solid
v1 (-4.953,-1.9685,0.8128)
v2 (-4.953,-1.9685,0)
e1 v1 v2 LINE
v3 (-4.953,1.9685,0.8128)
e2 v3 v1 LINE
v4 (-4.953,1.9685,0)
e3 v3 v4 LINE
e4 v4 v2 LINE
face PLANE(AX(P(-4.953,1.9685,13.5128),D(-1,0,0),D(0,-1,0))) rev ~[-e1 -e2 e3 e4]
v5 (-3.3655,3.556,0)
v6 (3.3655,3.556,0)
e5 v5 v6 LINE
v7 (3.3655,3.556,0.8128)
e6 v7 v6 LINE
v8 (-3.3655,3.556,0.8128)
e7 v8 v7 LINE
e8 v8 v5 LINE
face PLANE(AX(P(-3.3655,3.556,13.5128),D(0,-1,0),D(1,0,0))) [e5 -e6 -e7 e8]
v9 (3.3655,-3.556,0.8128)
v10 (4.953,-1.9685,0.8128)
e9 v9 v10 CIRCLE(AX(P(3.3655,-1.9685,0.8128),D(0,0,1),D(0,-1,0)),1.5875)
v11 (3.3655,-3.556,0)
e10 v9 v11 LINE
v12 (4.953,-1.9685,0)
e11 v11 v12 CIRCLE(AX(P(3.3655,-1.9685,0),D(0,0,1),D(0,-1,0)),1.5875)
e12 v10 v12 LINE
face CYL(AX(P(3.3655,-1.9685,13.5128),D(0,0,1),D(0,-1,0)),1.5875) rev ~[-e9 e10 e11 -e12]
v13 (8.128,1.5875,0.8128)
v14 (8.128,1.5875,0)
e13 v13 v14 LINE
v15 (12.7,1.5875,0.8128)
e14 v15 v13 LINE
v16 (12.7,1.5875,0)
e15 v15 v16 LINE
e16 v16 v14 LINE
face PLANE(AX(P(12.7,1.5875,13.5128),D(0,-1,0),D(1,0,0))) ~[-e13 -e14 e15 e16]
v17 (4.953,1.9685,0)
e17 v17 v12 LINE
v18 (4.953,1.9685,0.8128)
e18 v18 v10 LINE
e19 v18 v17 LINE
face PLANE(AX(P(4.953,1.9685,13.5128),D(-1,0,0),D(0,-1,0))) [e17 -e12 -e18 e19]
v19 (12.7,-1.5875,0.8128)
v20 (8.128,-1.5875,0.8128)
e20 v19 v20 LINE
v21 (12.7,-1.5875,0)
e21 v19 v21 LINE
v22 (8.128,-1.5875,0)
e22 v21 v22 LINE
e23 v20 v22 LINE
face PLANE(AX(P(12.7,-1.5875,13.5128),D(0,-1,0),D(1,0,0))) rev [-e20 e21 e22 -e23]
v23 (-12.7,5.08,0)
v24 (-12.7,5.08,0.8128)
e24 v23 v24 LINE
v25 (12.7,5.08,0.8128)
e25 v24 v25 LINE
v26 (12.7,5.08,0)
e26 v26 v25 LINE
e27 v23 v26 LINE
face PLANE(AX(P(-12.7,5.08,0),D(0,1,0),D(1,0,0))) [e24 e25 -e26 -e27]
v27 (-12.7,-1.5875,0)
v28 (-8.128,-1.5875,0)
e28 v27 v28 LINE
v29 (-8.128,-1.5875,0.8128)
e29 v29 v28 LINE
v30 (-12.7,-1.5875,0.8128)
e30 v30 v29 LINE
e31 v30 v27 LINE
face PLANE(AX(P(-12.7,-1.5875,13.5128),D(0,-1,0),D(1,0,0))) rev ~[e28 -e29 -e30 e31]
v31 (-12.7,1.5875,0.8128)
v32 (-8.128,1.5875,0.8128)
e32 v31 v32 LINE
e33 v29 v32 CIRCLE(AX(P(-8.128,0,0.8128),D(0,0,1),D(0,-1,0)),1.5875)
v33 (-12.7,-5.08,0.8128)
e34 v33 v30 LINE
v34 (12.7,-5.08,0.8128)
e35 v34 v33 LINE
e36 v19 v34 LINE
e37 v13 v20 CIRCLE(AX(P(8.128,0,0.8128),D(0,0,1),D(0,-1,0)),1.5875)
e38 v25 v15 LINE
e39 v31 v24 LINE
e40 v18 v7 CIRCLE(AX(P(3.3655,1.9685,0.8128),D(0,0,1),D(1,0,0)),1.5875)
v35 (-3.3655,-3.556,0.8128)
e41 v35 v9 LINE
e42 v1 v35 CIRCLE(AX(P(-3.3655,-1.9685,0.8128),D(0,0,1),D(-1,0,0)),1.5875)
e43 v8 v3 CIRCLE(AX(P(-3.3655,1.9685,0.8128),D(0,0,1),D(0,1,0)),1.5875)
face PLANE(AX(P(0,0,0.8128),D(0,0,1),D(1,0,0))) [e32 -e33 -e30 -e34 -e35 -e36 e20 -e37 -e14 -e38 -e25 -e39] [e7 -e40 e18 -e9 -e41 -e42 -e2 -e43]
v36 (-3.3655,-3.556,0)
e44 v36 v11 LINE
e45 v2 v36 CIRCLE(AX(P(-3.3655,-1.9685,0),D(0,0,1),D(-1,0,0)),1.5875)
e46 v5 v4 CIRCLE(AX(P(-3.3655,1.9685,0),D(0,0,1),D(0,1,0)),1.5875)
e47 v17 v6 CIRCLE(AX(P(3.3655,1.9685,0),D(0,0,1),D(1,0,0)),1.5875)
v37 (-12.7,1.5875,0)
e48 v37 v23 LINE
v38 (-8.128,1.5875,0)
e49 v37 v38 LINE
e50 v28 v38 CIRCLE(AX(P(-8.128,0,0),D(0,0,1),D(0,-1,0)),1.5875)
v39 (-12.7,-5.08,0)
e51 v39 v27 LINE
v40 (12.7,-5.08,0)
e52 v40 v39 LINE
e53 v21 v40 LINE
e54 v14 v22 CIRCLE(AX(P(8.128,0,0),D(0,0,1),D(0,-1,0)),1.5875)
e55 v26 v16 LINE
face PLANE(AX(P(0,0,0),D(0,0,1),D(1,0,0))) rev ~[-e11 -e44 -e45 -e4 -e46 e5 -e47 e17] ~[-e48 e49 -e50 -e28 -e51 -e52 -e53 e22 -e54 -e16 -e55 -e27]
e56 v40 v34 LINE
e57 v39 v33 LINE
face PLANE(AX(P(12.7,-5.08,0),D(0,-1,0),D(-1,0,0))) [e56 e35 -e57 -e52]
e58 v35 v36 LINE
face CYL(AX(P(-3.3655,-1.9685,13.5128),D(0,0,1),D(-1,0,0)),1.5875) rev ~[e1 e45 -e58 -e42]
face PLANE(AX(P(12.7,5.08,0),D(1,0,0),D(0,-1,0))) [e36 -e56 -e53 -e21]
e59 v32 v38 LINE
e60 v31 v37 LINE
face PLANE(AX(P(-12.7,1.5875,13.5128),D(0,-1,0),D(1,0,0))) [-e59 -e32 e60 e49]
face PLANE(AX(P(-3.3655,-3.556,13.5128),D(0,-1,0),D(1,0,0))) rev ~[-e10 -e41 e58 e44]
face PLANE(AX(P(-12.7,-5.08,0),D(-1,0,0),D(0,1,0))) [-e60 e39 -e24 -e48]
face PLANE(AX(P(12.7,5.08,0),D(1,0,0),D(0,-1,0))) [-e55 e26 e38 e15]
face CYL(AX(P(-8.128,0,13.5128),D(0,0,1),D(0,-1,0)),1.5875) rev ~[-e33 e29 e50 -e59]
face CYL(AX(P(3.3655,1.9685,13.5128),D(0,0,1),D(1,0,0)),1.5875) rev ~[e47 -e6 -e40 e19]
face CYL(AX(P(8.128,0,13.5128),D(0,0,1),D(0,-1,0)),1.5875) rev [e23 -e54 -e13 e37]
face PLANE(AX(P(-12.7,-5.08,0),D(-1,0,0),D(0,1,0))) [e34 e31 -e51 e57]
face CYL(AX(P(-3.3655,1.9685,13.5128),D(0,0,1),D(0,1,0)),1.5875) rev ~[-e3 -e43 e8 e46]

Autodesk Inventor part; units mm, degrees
ref_plane "YZ Plane" through (0, 0, 0) normal (1, 0, 0) x (0, 1, 0)
ref_plane "XZ Plane" through (0, 0, 0) normal (0, 1, 0) x (-1, 0, 0)
sketch "Sketch1" plane through (0, 0, 0) normal (0, 0, 1) x (1, 0, 0)
  line L0 (-12.7, 5.08) -> (12.7, 5.08)
  line L1 (12.7, 5.08) -> (12.7, -5.08)
  line L2 (12.7, -5.08) -> (-12.7, -5.08)
  line L3 (-12.7, -5.08) -> (-12.7, 5.08)
  point P0 (0, 0)
  point P1 (0, 5.08)
  point P2 (-12.7, 0)
  dimension "d0" = 25.4
  dimension "d1" = 10.16
extrude "Extrusion1" add sketch "Sketch1" along normal blind 0.8128
ref_plane "Work Plane1" through (0, 0, 13.5128) normal (0, 0, 1) x (1, 0, 0)
sketch "Sketch2" plane through (0, 0, 13.5128) normal (0, 0, 1) x (1, 0, 0)
  line L0 (12.7, 5.08) -> (12.7, -5.08) projected
  line L1 (-12.7, 5.08) -> (12.7, 5.08) projected
  line L2 (-12.7, -5.08) -> (-12.7, 5.08) projected
  line L3 (12.7, -5.08) -> (-12.7, -5.08) projected
  line L4 (-3.3655, 3.556) -> (3.3655, 3.556)
  line L5 (-3.3655, -3.556) -> (3.3655, -3.556)
  line L6 (-4.953, 1.9685) -> (-4.953, -1.9685)
  line L7 (4.953, 1.9685) -> (4.953, -1.9685)
  arc A0 (-3.3655, 3.556) -> (-4.953, 1.9685) centre (-3.3655, 1.9685) ccw
  arc A1 (-4.953, -1.9685) -> (-3.3655, -3.556) centre (-3.3655, -1.9685) ccw
  arc A2 (3.3655, -3.556) -> (4.953, -1.9685) centre (3.3655, -1.9685) ccw
  arc A3 (4.953, 1.9685) -> (3.3655, 3.556) centre (3.3655, 1.9685) ccw
  point P0 (0, 0)
  point P1 (0, 3.556)
  point P2 (0, -3.556)
  point P3 (-4.953, 0)
  point P4 (4.953, 0)
  dimension "d5" = 6.731
  dimension "d6" = 6.731
  dimension "d7" = 3.937
  dimension "d8" = 3.937
  dimension "d9" = 4.953
  dimension "d10" = 4.953
  dimension "d11" = 3.556
  dimension "d12" = 3.556
  dimension "d13" = 1.5875
  dimension "d14" = 1.5875
  dimension "d15" = 1.5875
  dimension "d16" = 1.5875
extrude "Extrusion2" cut sketch "Sketch2" against normal blind 25.4 contours L4 A3 L7 A2 L5 A1 L6 A0
sketch "Sketch3" plane through (0, 0, 13.5128) normal (0, 0, 1) x (1, 0, 0)
  arc A0 (-3.3655, 3.556) -> (-4.953, 1.9685) centre (-3.3655, 1.9685) ccw projected
  line L0 (-3.3655, 3.556) -> (3.3655, 3.556) projected
  arc A1 (4.953, 1.9685) -> (3.3655, 3.556) centre (3.3655, 1.9685) ccw projected
  line L1 (4.953, 1.9685) -> (4.953, -1.9685) projected
  arc A2 (3.3655, -3.556) -> (4.953, -1.9685) centre (3.3655, -1.9685) ccw projected
  line L2 (3.3655, -3.556) -> (-3.3655, -3.556) projected
  arc A3 (-4.953, -1.9685) -> (-3.3655, -3.556) centre (-3.3655, -1.9685) ccw projected
  line L3 (-4.953, -1.9685) -> (-4.953, 1.9685) projected
  line L4 (12.7, 5.08) -> (12.7, -5.08) projected
  line L5 (-12.7, 5.08) -> (12.7, 5.08) projected
  line L6 (-12.7, -5.08) -> (-12.7, 5.08) projected
  line L7 (12.7, -5.08) -> (-12.7, -5.08) projected
  line L8 (-12.7, 1.5875) -> (-8.128, 1.5875)
  line L9 (-12.7, -1.5875) -> (-8.128, -1.5875)
  arc A4 (-8.128, -1.5875) -> (-8.128, 1.5875) centre (-8.128, 0) ccw
  point P0 (0, 0)
  dimension "d19" = 4.572
  dimension "d20" = 3.4925
  dimension "d21" = 4.572
  dimension "d22" = 3.175
  dimension "d24" = 1.5875
extrude "Extrusion3" cut sketch "Sketch3" against normal blind 25.4 contours L8 A4 L9 L6
mirror "Mirror1" about plane through (0, 0, 0) normal (1, 0, 0) of "Extrusion3"
properties part number "headplate_largerCenter"
